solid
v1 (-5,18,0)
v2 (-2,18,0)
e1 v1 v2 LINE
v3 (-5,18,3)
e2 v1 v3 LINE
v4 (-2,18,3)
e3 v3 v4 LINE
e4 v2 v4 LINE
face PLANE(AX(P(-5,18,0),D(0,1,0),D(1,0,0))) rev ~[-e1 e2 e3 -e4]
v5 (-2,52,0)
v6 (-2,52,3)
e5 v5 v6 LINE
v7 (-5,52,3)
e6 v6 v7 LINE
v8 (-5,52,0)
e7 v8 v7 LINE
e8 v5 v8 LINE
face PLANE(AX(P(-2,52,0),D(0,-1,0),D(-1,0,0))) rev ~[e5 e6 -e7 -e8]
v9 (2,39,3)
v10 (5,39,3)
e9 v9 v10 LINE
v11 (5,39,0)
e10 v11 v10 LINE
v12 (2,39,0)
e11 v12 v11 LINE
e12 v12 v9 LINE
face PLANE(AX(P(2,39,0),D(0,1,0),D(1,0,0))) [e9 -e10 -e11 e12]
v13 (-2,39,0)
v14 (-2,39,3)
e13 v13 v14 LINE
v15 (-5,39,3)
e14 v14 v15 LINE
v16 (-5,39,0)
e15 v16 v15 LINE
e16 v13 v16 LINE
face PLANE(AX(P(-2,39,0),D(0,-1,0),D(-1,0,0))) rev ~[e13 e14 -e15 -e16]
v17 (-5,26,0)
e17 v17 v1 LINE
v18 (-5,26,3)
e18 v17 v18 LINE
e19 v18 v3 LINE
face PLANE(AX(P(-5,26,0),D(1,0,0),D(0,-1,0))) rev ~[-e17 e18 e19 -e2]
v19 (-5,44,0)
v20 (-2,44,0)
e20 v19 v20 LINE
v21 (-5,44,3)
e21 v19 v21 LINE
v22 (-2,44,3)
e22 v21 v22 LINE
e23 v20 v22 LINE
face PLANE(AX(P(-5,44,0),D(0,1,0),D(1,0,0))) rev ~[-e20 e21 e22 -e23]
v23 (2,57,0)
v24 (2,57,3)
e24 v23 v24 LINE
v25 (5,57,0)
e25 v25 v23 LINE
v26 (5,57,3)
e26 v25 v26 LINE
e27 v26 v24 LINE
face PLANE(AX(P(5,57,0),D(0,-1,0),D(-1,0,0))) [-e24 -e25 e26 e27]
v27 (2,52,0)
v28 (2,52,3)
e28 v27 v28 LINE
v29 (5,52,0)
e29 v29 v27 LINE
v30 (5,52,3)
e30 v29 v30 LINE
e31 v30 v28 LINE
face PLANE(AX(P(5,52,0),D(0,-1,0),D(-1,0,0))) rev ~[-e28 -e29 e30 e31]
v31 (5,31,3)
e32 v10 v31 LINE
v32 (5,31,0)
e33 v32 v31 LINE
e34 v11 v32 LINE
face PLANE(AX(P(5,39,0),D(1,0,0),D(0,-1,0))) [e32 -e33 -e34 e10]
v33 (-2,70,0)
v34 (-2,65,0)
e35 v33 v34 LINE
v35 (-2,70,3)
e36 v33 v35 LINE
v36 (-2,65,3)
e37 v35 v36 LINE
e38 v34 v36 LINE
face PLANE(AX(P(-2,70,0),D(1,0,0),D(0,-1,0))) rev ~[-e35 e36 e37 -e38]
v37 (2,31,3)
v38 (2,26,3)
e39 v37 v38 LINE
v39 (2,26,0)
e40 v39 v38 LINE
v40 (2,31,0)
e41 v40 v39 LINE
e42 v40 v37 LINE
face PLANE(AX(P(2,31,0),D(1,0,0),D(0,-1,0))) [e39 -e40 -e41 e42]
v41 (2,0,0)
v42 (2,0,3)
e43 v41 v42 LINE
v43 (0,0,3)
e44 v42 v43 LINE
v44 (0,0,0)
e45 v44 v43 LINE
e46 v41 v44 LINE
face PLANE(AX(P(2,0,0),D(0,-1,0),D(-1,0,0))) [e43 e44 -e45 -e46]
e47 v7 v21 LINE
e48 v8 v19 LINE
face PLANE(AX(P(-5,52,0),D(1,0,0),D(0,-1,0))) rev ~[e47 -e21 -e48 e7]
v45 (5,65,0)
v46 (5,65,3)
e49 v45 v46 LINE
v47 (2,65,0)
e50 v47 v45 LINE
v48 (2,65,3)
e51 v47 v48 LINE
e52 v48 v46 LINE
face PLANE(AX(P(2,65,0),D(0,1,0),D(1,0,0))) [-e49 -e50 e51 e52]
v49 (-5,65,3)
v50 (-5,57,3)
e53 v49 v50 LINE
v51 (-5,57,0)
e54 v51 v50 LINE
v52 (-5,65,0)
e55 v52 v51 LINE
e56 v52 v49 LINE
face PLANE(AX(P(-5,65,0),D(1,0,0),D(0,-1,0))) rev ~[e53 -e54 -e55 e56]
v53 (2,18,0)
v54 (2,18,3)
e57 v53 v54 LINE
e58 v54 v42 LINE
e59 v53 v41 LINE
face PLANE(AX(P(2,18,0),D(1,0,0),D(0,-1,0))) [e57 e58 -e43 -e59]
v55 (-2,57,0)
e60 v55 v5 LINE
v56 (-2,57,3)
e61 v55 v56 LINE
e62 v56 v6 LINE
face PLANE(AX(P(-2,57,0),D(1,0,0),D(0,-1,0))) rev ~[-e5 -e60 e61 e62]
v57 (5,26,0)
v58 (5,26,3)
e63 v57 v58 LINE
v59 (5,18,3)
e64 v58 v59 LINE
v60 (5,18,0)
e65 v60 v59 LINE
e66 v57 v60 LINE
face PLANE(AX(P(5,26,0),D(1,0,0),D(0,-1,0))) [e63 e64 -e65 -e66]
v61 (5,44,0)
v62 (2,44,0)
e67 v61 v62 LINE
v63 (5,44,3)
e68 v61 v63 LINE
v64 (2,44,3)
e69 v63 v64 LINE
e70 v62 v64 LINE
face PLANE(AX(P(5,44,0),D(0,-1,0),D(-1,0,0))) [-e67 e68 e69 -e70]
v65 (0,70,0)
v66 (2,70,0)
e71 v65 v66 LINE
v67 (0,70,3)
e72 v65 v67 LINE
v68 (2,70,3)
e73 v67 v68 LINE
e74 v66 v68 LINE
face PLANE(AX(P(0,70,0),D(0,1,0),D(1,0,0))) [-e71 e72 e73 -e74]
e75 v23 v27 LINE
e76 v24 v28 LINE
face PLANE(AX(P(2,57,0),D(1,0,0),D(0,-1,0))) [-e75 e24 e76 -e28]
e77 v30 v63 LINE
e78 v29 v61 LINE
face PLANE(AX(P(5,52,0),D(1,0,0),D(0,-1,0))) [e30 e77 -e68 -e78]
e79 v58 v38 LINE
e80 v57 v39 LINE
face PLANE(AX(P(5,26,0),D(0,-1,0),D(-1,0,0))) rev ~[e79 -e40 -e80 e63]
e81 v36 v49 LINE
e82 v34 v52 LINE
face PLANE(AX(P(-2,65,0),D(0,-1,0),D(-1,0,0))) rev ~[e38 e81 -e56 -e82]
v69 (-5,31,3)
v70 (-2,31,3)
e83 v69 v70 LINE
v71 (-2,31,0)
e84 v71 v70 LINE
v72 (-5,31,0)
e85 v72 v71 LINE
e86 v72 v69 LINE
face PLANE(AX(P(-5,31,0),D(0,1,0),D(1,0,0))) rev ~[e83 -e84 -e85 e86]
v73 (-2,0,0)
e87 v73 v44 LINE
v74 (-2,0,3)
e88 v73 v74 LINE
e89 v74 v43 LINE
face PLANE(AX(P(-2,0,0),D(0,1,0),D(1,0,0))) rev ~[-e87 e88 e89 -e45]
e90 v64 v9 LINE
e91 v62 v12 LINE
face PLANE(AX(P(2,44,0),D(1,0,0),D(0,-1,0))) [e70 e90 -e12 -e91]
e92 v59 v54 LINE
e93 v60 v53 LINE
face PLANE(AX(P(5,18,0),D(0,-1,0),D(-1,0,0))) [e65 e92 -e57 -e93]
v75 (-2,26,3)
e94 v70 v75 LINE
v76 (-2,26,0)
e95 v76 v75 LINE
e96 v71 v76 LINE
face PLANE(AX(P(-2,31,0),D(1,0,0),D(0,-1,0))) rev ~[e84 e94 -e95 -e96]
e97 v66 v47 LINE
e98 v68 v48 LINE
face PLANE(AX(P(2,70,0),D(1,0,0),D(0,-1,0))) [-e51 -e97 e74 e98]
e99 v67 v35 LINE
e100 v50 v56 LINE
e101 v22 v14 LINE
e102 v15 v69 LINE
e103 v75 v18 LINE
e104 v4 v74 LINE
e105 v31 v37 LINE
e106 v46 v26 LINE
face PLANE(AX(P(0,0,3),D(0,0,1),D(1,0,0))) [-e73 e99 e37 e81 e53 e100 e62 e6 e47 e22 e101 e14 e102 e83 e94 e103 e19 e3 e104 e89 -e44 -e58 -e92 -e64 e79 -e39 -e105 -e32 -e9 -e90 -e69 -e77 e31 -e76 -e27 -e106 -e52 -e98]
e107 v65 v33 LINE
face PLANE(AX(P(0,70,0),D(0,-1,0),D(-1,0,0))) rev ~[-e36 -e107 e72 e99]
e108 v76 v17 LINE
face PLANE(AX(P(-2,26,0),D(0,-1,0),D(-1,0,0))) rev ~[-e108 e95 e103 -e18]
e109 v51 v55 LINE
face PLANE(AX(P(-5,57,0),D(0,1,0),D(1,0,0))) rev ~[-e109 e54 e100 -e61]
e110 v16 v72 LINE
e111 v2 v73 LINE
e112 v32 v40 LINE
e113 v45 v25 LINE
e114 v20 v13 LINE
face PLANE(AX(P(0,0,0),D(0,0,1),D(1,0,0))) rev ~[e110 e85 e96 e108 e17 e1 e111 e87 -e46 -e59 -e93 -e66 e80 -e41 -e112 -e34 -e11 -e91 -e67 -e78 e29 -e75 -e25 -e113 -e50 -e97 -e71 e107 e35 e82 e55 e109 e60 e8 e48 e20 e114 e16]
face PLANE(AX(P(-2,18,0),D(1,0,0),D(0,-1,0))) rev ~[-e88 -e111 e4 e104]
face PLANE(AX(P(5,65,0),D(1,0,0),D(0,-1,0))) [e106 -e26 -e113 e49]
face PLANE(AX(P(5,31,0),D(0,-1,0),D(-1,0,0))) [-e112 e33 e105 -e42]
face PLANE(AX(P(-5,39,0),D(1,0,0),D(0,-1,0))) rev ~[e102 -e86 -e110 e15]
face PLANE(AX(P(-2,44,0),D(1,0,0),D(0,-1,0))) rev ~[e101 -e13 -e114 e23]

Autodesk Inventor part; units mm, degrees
ref_plane "YZ Plane" through (0, 0, 0) normal (1, 0, 0) x (0, 1, 0)
ref_plane "XZ Plane" through (0, 0, 0) normal (0, 1, 0) x (-1, 0, 0)
ref_plane "XY Plane" through (0, 0, 0) normal (0, 0, 1) x (1, 0, 0)
sketch "Sketch1" plane through (0, 0, 0) normal (0, 0, 1) x (1, 0, 0)
  line L0 (0, 0) -> (0, 70) construction
  line L1 (0, 70) -> (-2, 70)
  line L2 (-2, 70) -> (-2, 65)
  line L3 (-2, 65) -> (-5, 65)
  line L4 (-5, 65) -> (-5, 57)
  line L5 (-5, 57) -> (-2, 57)
  line L6 (-2, 57) -> (-2, 52)
  line L7 (-2, 52) -> (-5, 52)
  line L8 (-5, 52) -> (-5, 44)
  line L9 (-5, 44) -> (-2, 44)
  line L10 (-2, 44) -> (-2, 39)
  line L11 (-2, 39) -> (-5, 39)
  line L12 (-5, 39) -> (-5, 31)
  line L13 (-5, 31) -> (-2, 31)
  line L14 (-2, 31) -> (-2, 26)
  line L15 (-2, 26) -> (-5, 26)
  line L16 (-5, 26) -> (-5, 18)
  line L17 (-5, 18) -> (-2, 18)
  line L18 (-2, 18) -> (-2, 0)
  line L19 (-2, 0) -> (0, 0)
  line L20 (0, 70) -> (2, 70)
  line L21 (2, 70) -> (2, 65)
  line L22 (2, 65) -> (5, 65)
  line L23 (5, 65) -> (5, 57)
  line L24 (5, 57) -> (2, 57)
  line L25 (2, 57) -> (2, 52)
  line L26 (5, 52) -> (5, 44)
  line L27 (5, 44) -> (2, 44)
  line L28 (2, 44) -> (2, 39)
  line L29 (2, 39) -> (5, 39)
  line L30 (5, 39) -> (5, 31)
  line L31 (5, 31) -> (2, 31)
  line L32 (2, 31) -> (2, 26)
  line L33 (5, 26) -> (5, 18)
  line L34 (5, 18) -> (2, 18)
  line L35 (2, 18) -> (2, 0)
  line L36 (2, 0) -> (0, 0)
  line L37 (5, 52) -> (2, 52)
  line L38 (5, 26) -> (2, 26)
  dimension "d2" = 70
  dimension "d3" = 2
  dimension "d4" = 5
  dimension "d5" = 3
  dimension "d6" = 8
  dimension "d7" = 3
  dimension "d8" = 5
  dimension "d9" = 8
  dimension "d10" = 5
  dimension "d11" = 8
  dimension "d12" = 3
  dimension "d13" = 5
  dimension "d14" = 3
  dimension "d15" = 8
  dimension "d16" = 4
extrude "Extrusion1" add sketch "Sketch1" along normal blind 3
properties part number "select holder pt 3"
